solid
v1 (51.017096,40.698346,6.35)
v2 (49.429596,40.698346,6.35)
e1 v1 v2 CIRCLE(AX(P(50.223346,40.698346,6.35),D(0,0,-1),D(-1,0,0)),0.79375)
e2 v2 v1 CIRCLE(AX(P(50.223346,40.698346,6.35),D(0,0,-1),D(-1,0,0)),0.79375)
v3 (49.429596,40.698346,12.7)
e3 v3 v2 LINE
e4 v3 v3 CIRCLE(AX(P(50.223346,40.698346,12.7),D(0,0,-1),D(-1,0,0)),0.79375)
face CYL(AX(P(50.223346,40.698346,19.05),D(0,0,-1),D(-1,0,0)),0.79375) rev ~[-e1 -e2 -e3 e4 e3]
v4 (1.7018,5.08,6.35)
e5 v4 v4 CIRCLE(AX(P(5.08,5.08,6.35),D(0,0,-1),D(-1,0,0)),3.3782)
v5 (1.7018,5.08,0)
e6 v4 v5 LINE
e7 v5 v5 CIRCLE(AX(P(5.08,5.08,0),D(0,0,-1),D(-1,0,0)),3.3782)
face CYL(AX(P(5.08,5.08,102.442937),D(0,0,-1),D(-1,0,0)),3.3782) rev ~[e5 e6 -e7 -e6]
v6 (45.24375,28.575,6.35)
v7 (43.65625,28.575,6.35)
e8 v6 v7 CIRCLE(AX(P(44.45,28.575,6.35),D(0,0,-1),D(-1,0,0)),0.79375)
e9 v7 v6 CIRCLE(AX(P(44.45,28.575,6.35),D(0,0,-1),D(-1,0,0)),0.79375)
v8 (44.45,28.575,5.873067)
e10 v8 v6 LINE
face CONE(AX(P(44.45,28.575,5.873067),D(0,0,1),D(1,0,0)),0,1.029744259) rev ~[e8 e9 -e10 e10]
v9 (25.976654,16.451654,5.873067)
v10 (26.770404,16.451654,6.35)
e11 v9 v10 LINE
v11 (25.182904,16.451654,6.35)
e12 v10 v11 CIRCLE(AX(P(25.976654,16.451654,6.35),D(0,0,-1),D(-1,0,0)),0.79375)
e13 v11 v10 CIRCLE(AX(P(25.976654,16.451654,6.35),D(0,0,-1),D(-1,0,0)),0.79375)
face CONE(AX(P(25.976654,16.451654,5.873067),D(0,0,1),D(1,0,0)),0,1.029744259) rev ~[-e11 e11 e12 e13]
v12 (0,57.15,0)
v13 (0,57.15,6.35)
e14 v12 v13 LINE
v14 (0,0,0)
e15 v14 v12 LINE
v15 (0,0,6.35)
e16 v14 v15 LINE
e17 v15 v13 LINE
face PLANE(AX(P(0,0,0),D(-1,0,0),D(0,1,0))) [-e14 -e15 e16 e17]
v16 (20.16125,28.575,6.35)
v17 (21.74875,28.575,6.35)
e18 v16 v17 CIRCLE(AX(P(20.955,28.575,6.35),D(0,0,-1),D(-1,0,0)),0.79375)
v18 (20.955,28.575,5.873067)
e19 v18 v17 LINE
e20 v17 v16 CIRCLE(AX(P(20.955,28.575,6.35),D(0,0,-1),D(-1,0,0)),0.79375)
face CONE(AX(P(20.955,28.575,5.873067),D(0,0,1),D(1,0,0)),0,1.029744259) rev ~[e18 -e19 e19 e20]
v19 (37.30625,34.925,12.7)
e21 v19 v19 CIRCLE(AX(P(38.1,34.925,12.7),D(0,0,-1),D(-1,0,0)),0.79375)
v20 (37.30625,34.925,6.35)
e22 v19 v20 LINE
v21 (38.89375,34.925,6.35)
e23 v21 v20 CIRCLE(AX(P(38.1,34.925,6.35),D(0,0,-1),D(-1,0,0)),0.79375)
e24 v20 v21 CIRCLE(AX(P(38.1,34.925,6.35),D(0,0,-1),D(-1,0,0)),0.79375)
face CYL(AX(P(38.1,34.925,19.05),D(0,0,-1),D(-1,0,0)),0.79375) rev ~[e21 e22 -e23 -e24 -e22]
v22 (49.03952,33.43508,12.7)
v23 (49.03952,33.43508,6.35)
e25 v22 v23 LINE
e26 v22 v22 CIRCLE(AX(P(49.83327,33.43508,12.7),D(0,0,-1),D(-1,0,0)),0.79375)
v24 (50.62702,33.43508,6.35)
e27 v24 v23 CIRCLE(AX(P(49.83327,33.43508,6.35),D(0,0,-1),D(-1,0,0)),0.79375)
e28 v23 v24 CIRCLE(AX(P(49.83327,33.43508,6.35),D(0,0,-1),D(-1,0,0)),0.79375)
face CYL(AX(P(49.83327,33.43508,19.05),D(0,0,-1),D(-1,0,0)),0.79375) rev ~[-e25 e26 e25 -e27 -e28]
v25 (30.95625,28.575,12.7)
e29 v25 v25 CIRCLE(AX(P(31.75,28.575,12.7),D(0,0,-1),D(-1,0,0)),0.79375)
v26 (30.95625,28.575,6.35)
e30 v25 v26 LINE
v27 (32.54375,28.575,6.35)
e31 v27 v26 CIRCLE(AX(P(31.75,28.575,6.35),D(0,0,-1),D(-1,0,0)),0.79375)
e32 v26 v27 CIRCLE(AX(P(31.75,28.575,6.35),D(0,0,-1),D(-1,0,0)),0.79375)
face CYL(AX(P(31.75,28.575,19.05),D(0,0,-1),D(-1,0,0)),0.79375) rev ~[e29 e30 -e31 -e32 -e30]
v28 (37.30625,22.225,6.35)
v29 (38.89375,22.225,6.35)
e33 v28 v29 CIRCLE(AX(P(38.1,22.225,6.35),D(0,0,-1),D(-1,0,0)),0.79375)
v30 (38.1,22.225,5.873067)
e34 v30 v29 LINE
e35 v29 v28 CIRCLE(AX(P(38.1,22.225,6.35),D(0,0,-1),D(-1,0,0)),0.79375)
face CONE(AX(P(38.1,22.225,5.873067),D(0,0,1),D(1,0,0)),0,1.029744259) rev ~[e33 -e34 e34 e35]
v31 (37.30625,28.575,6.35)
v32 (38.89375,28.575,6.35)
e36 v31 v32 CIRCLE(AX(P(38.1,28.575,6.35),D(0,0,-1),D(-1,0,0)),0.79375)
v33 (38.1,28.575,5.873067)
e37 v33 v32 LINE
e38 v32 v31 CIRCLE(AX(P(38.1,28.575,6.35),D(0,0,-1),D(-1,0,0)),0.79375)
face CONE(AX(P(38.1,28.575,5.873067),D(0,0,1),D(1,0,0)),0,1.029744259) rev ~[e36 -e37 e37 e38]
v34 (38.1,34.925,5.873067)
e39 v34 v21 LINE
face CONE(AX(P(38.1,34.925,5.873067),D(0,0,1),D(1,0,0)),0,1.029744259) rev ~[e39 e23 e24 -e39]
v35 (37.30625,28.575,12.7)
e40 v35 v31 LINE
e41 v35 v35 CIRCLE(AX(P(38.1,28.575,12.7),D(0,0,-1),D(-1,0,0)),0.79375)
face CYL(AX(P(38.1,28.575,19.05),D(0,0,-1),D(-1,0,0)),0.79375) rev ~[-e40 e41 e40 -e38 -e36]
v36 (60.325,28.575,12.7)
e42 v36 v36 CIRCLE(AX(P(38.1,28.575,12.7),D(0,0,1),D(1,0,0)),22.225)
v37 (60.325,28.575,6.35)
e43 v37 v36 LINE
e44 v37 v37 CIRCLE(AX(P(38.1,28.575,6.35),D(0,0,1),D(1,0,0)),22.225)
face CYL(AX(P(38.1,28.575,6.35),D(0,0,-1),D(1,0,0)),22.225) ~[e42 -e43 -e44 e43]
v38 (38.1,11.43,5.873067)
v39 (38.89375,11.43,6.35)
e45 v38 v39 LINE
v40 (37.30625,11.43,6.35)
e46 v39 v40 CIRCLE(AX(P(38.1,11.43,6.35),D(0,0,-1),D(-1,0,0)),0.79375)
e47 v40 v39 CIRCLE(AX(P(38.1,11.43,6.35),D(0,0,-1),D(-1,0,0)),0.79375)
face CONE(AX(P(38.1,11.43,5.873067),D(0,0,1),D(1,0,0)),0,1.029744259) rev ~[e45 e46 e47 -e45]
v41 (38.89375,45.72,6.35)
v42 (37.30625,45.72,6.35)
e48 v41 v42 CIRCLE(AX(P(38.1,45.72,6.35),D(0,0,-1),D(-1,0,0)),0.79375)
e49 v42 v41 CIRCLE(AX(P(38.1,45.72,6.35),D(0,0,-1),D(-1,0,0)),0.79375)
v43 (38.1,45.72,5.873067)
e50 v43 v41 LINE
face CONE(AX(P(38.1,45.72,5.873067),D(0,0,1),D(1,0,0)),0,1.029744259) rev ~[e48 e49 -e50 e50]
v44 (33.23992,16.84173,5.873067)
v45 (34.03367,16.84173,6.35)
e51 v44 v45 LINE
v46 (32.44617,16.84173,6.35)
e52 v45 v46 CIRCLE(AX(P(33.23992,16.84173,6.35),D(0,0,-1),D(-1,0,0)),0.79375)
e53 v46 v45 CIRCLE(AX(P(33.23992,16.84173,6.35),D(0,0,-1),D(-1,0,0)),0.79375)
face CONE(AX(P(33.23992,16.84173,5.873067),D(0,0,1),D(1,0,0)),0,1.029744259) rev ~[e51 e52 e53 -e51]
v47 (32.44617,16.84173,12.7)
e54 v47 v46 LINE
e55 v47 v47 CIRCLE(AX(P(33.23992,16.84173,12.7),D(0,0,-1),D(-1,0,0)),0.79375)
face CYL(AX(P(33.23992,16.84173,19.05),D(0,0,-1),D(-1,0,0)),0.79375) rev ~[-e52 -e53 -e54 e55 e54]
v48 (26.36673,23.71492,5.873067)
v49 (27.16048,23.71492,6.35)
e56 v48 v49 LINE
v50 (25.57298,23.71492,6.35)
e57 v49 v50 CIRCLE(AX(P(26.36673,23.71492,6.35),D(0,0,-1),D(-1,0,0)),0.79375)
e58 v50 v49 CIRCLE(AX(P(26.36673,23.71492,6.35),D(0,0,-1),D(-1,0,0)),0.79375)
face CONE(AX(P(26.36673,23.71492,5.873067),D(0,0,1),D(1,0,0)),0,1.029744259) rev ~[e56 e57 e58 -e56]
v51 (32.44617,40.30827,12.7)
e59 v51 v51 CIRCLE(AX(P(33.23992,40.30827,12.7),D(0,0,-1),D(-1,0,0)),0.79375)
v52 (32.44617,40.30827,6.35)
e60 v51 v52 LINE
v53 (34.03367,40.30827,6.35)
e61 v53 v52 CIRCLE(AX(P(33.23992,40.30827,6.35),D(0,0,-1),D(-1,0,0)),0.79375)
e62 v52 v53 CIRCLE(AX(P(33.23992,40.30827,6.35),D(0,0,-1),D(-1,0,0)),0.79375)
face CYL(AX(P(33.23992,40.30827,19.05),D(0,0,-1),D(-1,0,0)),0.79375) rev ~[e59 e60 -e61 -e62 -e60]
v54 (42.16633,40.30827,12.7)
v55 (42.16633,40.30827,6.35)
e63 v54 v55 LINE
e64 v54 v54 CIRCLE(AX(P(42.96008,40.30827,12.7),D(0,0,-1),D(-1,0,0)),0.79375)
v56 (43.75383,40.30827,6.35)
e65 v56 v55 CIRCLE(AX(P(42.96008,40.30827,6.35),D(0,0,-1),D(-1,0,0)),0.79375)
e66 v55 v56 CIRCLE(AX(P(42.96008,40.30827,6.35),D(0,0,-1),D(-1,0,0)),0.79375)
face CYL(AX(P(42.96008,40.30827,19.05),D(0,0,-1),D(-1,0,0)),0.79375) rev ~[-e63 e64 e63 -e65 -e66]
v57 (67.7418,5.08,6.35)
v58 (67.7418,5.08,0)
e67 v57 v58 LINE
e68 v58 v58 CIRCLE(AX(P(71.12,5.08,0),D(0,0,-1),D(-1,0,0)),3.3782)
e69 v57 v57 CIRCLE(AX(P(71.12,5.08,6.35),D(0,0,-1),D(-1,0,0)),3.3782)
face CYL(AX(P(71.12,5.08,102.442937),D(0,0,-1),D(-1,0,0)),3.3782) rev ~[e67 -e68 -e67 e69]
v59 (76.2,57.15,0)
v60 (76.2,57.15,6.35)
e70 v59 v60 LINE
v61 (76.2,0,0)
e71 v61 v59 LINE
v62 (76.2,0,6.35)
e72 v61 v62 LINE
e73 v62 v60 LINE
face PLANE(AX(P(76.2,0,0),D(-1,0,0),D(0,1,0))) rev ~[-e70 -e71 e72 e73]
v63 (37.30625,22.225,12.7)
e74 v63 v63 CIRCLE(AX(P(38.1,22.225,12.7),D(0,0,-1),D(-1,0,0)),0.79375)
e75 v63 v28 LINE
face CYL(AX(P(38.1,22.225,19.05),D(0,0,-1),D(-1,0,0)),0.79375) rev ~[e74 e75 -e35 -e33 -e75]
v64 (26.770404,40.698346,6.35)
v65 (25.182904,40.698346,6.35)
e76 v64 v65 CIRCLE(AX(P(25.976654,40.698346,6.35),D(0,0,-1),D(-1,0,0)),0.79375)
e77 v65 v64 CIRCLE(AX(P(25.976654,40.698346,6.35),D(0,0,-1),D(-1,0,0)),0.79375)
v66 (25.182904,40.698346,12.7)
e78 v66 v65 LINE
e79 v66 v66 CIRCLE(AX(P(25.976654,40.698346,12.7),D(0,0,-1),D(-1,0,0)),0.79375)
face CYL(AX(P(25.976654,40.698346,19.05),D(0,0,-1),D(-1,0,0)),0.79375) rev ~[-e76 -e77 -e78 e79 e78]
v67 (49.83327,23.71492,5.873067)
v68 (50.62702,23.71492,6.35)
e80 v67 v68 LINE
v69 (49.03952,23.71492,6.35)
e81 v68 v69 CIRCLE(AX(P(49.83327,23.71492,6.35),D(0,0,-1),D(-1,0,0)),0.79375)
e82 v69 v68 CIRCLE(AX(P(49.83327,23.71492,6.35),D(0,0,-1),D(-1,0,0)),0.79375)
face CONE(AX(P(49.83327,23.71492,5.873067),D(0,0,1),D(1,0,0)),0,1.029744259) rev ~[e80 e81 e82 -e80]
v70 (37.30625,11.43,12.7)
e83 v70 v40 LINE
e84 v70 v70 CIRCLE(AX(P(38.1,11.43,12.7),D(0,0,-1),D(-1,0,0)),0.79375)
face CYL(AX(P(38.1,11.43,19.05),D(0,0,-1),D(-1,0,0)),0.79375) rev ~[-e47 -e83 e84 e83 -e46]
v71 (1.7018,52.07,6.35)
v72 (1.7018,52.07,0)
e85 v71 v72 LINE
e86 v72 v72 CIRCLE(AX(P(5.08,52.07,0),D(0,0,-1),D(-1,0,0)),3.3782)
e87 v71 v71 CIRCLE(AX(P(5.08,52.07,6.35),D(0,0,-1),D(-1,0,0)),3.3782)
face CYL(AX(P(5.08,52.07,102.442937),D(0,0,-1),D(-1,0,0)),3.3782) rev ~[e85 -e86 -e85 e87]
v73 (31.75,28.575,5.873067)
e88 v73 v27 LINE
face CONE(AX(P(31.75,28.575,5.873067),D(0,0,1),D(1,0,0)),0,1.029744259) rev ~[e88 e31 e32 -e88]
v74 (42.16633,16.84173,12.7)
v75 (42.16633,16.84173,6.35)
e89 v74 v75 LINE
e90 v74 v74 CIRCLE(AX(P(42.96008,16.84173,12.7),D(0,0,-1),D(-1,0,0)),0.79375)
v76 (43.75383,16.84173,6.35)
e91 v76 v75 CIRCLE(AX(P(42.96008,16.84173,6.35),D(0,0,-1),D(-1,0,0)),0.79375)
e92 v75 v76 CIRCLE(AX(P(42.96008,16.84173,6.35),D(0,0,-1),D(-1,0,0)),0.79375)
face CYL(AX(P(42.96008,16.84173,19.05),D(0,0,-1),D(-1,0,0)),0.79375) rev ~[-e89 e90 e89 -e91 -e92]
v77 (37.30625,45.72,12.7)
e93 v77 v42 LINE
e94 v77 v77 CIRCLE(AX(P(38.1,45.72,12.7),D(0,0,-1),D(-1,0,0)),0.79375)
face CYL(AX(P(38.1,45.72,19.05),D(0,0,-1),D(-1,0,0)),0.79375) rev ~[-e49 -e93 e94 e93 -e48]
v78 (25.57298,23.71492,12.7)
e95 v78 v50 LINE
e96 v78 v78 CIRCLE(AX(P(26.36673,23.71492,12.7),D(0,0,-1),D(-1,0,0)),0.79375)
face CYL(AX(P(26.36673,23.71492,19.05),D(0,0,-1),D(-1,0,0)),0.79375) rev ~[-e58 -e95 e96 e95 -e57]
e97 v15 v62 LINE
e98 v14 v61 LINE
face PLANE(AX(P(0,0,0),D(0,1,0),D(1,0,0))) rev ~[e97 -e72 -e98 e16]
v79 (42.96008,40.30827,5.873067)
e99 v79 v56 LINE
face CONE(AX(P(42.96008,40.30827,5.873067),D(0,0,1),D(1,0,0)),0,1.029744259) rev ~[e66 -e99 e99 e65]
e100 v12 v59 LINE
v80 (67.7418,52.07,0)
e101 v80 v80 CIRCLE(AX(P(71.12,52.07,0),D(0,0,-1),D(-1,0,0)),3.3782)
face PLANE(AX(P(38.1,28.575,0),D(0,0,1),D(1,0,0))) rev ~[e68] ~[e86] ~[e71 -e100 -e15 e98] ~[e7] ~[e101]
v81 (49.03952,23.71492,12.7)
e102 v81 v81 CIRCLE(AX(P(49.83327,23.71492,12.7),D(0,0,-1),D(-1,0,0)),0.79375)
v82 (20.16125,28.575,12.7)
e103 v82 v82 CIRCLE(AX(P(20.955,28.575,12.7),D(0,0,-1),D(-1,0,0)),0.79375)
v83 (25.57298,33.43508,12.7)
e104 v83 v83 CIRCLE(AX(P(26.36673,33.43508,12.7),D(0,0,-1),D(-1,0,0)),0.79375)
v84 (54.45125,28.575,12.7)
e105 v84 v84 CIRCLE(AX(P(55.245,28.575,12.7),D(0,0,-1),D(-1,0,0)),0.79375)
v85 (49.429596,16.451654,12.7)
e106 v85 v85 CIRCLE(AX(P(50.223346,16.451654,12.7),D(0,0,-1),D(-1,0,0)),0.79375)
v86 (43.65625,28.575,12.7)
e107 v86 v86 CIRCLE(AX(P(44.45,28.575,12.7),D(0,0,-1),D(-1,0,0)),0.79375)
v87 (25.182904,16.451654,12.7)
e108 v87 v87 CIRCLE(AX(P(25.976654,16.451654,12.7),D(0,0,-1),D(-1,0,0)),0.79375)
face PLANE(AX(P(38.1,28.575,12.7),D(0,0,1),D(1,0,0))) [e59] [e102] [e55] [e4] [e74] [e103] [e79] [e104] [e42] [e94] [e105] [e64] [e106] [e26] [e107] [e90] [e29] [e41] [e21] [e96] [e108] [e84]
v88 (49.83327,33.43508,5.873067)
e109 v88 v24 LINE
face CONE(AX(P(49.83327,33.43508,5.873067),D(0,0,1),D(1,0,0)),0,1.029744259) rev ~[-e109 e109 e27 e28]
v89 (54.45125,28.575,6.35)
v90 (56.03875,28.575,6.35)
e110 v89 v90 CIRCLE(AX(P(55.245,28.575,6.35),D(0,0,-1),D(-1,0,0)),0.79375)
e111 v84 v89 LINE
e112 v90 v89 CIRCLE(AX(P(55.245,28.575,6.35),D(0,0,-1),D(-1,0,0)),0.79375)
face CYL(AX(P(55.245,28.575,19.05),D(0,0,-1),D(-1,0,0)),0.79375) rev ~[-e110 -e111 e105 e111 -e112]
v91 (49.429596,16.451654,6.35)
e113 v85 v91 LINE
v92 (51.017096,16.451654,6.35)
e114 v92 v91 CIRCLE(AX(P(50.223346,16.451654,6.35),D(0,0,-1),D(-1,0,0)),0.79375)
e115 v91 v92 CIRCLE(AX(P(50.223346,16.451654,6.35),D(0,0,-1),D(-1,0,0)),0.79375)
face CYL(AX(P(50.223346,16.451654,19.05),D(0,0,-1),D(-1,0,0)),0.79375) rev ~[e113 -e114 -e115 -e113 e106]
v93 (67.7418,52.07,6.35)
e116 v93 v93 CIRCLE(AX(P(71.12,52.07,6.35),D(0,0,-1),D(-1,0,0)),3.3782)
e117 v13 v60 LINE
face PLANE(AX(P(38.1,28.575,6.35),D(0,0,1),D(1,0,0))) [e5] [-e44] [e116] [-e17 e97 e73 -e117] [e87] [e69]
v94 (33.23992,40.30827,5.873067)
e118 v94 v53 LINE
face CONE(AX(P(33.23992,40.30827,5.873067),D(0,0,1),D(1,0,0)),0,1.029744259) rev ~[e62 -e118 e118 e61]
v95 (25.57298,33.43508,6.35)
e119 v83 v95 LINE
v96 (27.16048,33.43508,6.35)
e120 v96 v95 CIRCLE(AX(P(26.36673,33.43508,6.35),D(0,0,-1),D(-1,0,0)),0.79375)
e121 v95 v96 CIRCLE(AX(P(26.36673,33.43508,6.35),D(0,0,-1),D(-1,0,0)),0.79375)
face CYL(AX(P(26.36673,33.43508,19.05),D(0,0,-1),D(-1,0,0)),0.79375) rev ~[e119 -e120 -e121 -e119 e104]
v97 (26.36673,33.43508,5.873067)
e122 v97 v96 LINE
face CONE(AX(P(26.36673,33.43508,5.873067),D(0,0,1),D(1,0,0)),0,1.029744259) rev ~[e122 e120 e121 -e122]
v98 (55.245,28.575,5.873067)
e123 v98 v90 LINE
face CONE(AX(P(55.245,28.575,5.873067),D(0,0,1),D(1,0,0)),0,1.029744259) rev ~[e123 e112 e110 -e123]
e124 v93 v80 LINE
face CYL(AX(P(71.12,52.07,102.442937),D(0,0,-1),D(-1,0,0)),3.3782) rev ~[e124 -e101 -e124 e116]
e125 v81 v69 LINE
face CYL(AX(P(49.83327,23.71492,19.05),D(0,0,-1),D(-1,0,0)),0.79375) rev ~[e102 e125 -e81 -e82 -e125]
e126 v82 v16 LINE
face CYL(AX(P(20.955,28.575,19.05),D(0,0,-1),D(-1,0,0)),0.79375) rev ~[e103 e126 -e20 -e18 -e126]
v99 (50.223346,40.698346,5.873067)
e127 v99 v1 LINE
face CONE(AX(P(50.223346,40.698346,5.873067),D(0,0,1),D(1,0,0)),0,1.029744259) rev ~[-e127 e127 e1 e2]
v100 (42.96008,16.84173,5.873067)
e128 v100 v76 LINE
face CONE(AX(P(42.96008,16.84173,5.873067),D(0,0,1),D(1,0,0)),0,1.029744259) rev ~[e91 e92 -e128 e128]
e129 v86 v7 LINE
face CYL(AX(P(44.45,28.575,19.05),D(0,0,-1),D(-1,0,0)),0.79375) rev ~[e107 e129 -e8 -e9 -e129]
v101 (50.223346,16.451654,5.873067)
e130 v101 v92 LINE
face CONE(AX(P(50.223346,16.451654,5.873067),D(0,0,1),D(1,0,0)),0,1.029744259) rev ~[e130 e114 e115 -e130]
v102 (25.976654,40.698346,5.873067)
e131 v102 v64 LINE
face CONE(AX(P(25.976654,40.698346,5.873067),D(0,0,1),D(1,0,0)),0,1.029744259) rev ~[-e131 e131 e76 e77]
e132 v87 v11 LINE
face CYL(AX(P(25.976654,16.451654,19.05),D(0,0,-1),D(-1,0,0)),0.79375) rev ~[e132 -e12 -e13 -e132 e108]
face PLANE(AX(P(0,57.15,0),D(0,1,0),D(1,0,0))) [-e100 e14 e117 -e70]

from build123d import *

# Parameters (mm, degrees)
F0_W     = 76.2
F0_H     = 57.15
F1_DEPTH = 6.35
F2_R     = 22.225
F3_DEPTH = 6.35
F5_D     = 6.7564
F7_D     = 1.5875
F7_DEPTH = 6.35
F7_TIP   = 0.4769331164


with BuildPart() as f1:
    # F0 (on Top) → F1 (new body)
    with BuildSketch(Plane.XY):
        with Locations((38.1, 28.575)):
            Rectangle(F0_W, F0_H)
    extrude(amount=F1_DEPTH)

    # F2 (on face) → F3 (join)
    with BuildSketch(Plane.XY.offset(6.35)):
        with Locations((38.1, 28.575)):
            Circle(F2_R)
    extrude(amount=F3_DEPTH)

    # F5 (through all)
    with Locations(Plane.XY.offset(6.35)):
        with Locations((5.08, 5.08), (5.08, 52.07), (71.12, 52.07), (71.12, 5.08)):
            Hole(F5_D / 2)

    # F7
    with Locations(Plane.XY.offset(12.7)):
        with Locations((38.1, 45.72), (25.9766542366, 40.6983457634), (20.955, 28.575), (25.9766542366, 16.4516542366), (38.1, 11.43), (50.2233457634, 16.4516542366), (55.245, 28.575), (50.2233457634, 40.6983457634), (42.960079591, 40.3082700629), (33.239920409, 40.3082700629), (26.3667299371, 33.435079591), (26.3667299371, 23.714920409), (33.239920409, 16.8417299371), (42.960079591, 16.8417299371), (49.8332700629, 23.714920409), (49.8332700629, 33.435079591), (38.1, 34.925), (31.75, 28.575), (38.1, 22.225), (44.45, 28.575), (38.1, 28.575)):
            Hole(F7_D / 2, depth=F7_DEPTH)
            with Locations((0, 0, -(F7_DEPTH + F7_TIP / 2))):  # 118° drill point
                Cone(0, F7_D / 2, F7_TIP, mode=Mode.SUBTRACT)


solid = f1.part
